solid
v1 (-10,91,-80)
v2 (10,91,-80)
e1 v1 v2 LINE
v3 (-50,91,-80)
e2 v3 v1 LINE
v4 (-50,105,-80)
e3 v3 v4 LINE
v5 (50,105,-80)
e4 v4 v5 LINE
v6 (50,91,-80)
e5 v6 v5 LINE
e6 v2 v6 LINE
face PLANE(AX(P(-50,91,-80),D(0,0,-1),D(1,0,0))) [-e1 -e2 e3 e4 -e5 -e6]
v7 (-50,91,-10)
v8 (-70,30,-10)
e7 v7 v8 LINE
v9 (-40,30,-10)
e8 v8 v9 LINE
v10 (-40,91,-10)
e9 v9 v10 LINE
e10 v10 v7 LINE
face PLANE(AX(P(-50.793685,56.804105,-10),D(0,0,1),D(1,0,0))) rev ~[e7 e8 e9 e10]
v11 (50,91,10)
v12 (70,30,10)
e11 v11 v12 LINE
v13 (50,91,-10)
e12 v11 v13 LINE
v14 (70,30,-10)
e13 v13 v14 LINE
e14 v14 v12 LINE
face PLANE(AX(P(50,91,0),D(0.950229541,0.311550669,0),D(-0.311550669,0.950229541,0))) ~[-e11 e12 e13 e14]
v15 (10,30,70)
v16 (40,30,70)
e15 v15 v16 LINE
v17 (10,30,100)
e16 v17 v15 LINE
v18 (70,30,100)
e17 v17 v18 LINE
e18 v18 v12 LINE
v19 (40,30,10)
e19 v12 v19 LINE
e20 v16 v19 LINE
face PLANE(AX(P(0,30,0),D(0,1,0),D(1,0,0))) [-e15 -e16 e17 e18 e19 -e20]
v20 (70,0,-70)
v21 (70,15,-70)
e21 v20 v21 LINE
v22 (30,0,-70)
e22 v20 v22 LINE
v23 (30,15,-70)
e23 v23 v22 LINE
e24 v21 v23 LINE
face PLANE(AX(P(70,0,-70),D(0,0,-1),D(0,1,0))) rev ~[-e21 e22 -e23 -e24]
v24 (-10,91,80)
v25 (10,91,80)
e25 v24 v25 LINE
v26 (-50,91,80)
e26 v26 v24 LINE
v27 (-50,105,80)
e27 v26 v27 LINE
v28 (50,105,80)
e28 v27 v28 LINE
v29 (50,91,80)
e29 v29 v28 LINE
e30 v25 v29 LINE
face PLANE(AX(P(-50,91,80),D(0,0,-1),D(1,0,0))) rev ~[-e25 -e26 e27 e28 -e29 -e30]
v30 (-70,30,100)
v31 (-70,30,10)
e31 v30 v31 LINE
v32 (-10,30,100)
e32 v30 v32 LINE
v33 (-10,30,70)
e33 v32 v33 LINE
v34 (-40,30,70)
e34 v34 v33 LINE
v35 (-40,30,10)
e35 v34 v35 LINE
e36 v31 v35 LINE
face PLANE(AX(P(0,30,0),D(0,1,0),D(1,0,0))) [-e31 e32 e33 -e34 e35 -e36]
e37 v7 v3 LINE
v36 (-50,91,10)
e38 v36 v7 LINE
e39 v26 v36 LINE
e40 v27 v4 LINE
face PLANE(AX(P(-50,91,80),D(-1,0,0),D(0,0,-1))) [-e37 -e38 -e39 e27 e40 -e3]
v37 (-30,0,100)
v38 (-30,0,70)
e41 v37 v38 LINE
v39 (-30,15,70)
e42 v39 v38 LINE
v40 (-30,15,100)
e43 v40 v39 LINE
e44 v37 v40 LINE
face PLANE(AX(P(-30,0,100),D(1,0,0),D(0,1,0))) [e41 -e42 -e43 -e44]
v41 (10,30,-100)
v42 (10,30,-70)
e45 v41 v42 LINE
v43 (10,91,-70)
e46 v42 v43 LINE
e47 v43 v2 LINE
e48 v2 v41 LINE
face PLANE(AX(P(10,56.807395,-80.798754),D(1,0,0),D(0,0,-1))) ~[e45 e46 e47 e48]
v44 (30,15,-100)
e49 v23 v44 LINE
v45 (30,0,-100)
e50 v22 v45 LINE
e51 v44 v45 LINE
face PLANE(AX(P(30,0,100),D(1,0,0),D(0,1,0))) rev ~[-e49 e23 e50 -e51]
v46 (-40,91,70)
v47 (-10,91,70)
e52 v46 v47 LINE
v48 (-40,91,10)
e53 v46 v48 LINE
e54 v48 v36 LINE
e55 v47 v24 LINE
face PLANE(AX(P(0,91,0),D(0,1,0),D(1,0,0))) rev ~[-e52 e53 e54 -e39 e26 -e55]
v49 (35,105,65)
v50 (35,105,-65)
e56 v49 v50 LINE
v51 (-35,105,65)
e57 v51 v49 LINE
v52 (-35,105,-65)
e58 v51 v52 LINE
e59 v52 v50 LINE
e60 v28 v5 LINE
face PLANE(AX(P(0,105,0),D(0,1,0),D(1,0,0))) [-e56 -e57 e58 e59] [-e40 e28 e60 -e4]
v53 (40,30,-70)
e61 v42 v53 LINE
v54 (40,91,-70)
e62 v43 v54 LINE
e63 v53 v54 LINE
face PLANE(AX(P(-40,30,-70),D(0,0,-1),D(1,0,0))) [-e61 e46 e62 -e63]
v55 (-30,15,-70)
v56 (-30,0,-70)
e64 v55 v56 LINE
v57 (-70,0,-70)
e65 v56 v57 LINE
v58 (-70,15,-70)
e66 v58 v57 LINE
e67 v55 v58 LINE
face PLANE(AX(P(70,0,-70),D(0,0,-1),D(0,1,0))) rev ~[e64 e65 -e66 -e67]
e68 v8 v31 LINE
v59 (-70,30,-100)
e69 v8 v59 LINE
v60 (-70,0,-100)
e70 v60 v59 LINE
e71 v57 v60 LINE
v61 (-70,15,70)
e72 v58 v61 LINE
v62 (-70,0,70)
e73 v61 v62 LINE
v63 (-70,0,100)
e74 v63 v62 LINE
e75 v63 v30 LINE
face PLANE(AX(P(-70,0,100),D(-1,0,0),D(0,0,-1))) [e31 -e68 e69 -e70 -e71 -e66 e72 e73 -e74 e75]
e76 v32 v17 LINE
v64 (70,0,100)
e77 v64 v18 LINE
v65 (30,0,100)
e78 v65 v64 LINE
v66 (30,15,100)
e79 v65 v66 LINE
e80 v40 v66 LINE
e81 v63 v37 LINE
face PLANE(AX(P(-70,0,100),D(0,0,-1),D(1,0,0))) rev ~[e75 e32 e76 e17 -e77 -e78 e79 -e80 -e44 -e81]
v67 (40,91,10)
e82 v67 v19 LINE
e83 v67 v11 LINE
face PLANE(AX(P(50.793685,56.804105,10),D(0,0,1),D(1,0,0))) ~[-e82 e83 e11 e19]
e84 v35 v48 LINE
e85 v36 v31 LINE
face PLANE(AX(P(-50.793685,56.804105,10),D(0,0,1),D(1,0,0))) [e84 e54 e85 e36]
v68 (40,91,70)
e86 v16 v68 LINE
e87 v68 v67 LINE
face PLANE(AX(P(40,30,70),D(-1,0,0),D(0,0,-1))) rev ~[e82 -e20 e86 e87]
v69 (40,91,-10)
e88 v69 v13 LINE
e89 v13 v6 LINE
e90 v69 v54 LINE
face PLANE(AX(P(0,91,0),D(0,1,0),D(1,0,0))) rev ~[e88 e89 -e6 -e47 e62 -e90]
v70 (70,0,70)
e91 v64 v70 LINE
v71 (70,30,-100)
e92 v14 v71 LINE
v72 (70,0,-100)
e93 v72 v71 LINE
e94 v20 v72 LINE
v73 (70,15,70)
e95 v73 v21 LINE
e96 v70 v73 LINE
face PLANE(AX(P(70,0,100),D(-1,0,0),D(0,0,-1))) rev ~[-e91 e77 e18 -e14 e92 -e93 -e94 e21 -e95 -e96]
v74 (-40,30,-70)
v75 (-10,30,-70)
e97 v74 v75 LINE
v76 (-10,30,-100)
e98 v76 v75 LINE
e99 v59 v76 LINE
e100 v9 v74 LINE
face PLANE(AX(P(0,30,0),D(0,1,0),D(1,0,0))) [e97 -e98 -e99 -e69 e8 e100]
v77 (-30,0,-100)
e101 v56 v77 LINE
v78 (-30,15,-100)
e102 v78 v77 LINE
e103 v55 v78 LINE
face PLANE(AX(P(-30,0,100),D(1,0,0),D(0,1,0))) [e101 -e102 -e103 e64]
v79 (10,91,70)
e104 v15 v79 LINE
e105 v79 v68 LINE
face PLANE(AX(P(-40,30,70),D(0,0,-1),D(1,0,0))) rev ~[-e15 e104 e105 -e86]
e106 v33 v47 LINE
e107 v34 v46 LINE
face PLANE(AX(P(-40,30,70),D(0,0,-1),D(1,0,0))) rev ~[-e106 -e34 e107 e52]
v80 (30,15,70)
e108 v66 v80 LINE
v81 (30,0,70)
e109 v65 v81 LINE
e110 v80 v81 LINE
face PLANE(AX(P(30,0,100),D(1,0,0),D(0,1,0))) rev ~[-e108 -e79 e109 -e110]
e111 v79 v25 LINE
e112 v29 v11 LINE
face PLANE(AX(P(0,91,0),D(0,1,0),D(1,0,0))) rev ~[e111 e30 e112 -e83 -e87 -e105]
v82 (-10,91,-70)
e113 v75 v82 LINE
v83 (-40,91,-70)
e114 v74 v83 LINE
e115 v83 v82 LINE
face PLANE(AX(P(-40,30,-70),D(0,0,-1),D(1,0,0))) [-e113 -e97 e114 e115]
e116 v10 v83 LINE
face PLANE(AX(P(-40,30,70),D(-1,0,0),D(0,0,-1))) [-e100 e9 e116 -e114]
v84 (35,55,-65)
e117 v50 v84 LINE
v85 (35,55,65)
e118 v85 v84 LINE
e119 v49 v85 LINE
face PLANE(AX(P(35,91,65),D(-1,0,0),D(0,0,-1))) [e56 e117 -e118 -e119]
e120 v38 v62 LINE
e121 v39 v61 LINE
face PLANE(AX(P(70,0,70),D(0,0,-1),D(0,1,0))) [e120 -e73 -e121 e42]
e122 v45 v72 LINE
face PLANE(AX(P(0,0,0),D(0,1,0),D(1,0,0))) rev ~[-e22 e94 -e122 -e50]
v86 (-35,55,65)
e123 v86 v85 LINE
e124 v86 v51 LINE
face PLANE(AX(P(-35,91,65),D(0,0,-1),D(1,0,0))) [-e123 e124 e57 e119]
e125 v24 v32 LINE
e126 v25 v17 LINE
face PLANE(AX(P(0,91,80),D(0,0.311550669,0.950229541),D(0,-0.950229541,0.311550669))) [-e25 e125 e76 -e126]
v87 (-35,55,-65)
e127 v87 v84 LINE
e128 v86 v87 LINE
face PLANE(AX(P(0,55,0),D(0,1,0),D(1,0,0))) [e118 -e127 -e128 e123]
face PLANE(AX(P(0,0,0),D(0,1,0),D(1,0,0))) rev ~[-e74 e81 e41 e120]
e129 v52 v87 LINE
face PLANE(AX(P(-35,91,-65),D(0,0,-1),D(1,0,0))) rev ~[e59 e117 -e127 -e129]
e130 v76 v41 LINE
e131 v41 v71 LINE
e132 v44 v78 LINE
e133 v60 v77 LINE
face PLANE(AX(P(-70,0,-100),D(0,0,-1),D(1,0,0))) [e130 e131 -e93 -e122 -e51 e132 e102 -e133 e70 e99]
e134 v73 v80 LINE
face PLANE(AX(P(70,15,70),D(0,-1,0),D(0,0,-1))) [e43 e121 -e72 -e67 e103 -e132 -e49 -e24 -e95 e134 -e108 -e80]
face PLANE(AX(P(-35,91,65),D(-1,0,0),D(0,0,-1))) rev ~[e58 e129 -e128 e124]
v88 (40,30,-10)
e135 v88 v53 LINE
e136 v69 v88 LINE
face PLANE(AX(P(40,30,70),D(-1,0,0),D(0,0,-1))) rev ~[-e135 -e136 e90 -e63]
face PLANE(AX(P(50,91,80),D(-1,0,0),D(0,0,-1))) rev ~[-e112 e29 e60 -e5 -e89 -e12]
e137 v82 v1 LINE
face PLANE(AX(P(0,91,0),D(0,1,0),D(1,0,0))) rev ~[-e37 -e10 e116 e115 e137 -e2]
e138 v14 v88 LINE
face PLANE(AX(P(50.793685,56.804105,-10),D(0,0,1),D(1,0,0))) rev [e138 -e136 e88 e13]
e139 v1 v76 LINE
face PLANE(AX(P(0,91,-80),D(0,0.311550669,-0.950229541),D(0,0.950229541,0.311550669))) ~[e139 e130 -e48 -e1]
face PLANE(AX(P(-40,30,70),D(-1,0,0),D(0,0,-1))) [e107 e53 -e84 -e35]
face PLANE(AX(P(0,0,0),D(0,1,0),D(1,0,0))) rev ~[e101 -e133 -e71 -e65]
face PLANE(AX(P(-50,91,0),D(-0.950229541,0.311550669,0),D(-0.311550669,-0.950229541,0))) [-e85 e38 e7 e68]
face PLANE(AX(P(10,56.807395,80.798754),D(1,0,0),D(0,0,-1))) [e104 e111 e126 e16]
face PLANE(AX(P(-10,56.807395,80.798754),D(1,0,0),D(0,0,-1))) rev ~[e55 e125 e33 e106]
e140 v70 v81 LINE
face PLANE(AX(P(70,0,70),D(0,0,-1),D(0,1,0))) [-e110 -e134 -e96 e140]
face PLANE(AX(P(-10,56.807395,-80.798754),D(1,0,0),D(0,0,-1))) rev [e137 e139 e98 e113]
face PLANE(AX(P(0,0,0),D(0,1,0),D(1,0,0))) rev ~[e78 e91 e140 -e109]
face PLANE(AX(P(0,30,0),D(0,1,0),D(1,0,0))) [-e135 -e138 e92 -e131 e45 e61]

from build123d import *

# Parameters (mm, degrees)
SKETCH1_W           = 140
SKETCH1_H           = 200
BOSS_EXTRUDE1_DEPTH = 30
SKETCH2_W           = 140
SKETCH2_H           = 15
CUT_EXTRUDE1_DEPTH  = 175.642491966
SKETCH3_W           = 60
SKETCH3_H           = 15
CUT_EXTRUDE3_DEPTH  = 215.00934559
SKETCH4_W           = 80
SKETCH4_H           = 140
BOSS_EXTRUDE3_DEPTH = 61
SKETCH5_W           = 100
SKETCH5_H           = 160
SKETCH5_W_2         = 70
SKETCH5_H_2         = 130
BOSS_EXTRUDE4_DEPTH = 14
SKETCH7_W           = 70
SKETCH7_H           = 130
CUT_EXTRUDE4_DEPTH  = 36
BOSS_EXTRUDE5_DEPTH = 10
BOSS_EXTRUDE6_DEPTH = 10


with BuildPart() as part:
    # Sketch1 → Boss-Extrude1 (new body)
    with BuildSketch(Plane(origin=(0, 0, 0), x_dir=(1, 0, 0), z_dir=(0, 1, 0))):
        Rectangle(SKETCH1_W, SKETCH1_H)
    extrude(amount=BOSS_EXTRUDE1_DEPTH)

    # Sketch2 → Cut-Extrude1 (cut, through all)
    with BuildSketch(Plane(origin=(70, 0, 0), x_dir=(0, 0, -1), z_dir=(1, 0, 0))):
        with Locations((0, 7.5)):
            Rectangle(SKETCH2_W, SKETCH2_H)
    extrude(amount=-CUT_EXTRUDE1_DEPTH, mode=Mode.SUBTRACT)

    # Sketch3 → Cut-Extrude3 (cut, through all)
    with BuildSketch(Plane.XY.offset(100)):
        with Locations((0, 7.5)):
            Rectangle(SKETCH3_W, SKETCH3_H)
    extrude(amount=-CUT_EXTRUDE3_DEPTH, mode=Mode.SUBTRACT)

    # Sketch4 → Boss-Extrude3 (add)
    with BuildSketch(Plane(origin=(0, 30, 0), x_dir=(1, 0, 0), z_dir=(0, 1, 0))):
        Rectangle(SKETCH4_W, SKETCH4_H)
    extrude(amount=BOSS_EXTRUDE3_DEPTH)

    # Sketch5 → Boss-Extrude4 (add)
    with BuildSketch(Plane(origin=(0, 91, 0), x_dir=(1, 0, 0), z_dir=(0, 1, 0))):
        Rectangle(SKETCH5_W, SKETCH5_H)
        Rectangle(SKETCH5_W_2, SKETCH5_H_2, mode=Mode.SUBTRACT)
    extrude(amount=BOSS_EXTRUDE4_DEPTH)

    # Sketch7 → Cut-Extrude4 (cut)
    with BuildSketch(Plane(origin=(0, 91, 0), x_dir=(1, 0, 0), z_dir=(0, 1, 0))):
        Rectangle(SKETCH7_W, SKETCH7_H)
    extrude(amount=-CUT_EXTRUDE4_DEPTH, mode=Mode.SUBTRACT)

    # Sketch9 → Boss-Extrude5 (add, symmetric)
    with BuildSketch(Plane.XY):
        Polygon((-50, 91), (-70, 30), (-39.979727261, 30), (-40, 91), align=None)
    boss_extrude5 = extrude(amount=BOSS_EXTRUDE5_DEPTH, both=True)

    # Mirror1: Boss-Extrude5 across plane
    add(boss_extrude5.mirror(Plane(origin=(0, 0, 0), x_dir=(0, 0, 1), z_dir=(1, 0, 0))))

    # Sketch10 → Boss-Extrude6 (add, symmetric)
    with BuildSketch(Plane(origin=(0, 0, 0), x_dir=(0, 0, -1), z_dir=(1, 0, 0))):
        Polygon((-70, 91), (-80, 91), (-100, 30), (-70, 30), align=None)
    boss_extrude6 = extrude(amount=BOSS_EXTRUDE6_DEPTH, both=True)

    # Mirror2: Boss-Extrude6 across plane
    add(boss_extrude6.mirror(Plane.XY))


solid = part.part
